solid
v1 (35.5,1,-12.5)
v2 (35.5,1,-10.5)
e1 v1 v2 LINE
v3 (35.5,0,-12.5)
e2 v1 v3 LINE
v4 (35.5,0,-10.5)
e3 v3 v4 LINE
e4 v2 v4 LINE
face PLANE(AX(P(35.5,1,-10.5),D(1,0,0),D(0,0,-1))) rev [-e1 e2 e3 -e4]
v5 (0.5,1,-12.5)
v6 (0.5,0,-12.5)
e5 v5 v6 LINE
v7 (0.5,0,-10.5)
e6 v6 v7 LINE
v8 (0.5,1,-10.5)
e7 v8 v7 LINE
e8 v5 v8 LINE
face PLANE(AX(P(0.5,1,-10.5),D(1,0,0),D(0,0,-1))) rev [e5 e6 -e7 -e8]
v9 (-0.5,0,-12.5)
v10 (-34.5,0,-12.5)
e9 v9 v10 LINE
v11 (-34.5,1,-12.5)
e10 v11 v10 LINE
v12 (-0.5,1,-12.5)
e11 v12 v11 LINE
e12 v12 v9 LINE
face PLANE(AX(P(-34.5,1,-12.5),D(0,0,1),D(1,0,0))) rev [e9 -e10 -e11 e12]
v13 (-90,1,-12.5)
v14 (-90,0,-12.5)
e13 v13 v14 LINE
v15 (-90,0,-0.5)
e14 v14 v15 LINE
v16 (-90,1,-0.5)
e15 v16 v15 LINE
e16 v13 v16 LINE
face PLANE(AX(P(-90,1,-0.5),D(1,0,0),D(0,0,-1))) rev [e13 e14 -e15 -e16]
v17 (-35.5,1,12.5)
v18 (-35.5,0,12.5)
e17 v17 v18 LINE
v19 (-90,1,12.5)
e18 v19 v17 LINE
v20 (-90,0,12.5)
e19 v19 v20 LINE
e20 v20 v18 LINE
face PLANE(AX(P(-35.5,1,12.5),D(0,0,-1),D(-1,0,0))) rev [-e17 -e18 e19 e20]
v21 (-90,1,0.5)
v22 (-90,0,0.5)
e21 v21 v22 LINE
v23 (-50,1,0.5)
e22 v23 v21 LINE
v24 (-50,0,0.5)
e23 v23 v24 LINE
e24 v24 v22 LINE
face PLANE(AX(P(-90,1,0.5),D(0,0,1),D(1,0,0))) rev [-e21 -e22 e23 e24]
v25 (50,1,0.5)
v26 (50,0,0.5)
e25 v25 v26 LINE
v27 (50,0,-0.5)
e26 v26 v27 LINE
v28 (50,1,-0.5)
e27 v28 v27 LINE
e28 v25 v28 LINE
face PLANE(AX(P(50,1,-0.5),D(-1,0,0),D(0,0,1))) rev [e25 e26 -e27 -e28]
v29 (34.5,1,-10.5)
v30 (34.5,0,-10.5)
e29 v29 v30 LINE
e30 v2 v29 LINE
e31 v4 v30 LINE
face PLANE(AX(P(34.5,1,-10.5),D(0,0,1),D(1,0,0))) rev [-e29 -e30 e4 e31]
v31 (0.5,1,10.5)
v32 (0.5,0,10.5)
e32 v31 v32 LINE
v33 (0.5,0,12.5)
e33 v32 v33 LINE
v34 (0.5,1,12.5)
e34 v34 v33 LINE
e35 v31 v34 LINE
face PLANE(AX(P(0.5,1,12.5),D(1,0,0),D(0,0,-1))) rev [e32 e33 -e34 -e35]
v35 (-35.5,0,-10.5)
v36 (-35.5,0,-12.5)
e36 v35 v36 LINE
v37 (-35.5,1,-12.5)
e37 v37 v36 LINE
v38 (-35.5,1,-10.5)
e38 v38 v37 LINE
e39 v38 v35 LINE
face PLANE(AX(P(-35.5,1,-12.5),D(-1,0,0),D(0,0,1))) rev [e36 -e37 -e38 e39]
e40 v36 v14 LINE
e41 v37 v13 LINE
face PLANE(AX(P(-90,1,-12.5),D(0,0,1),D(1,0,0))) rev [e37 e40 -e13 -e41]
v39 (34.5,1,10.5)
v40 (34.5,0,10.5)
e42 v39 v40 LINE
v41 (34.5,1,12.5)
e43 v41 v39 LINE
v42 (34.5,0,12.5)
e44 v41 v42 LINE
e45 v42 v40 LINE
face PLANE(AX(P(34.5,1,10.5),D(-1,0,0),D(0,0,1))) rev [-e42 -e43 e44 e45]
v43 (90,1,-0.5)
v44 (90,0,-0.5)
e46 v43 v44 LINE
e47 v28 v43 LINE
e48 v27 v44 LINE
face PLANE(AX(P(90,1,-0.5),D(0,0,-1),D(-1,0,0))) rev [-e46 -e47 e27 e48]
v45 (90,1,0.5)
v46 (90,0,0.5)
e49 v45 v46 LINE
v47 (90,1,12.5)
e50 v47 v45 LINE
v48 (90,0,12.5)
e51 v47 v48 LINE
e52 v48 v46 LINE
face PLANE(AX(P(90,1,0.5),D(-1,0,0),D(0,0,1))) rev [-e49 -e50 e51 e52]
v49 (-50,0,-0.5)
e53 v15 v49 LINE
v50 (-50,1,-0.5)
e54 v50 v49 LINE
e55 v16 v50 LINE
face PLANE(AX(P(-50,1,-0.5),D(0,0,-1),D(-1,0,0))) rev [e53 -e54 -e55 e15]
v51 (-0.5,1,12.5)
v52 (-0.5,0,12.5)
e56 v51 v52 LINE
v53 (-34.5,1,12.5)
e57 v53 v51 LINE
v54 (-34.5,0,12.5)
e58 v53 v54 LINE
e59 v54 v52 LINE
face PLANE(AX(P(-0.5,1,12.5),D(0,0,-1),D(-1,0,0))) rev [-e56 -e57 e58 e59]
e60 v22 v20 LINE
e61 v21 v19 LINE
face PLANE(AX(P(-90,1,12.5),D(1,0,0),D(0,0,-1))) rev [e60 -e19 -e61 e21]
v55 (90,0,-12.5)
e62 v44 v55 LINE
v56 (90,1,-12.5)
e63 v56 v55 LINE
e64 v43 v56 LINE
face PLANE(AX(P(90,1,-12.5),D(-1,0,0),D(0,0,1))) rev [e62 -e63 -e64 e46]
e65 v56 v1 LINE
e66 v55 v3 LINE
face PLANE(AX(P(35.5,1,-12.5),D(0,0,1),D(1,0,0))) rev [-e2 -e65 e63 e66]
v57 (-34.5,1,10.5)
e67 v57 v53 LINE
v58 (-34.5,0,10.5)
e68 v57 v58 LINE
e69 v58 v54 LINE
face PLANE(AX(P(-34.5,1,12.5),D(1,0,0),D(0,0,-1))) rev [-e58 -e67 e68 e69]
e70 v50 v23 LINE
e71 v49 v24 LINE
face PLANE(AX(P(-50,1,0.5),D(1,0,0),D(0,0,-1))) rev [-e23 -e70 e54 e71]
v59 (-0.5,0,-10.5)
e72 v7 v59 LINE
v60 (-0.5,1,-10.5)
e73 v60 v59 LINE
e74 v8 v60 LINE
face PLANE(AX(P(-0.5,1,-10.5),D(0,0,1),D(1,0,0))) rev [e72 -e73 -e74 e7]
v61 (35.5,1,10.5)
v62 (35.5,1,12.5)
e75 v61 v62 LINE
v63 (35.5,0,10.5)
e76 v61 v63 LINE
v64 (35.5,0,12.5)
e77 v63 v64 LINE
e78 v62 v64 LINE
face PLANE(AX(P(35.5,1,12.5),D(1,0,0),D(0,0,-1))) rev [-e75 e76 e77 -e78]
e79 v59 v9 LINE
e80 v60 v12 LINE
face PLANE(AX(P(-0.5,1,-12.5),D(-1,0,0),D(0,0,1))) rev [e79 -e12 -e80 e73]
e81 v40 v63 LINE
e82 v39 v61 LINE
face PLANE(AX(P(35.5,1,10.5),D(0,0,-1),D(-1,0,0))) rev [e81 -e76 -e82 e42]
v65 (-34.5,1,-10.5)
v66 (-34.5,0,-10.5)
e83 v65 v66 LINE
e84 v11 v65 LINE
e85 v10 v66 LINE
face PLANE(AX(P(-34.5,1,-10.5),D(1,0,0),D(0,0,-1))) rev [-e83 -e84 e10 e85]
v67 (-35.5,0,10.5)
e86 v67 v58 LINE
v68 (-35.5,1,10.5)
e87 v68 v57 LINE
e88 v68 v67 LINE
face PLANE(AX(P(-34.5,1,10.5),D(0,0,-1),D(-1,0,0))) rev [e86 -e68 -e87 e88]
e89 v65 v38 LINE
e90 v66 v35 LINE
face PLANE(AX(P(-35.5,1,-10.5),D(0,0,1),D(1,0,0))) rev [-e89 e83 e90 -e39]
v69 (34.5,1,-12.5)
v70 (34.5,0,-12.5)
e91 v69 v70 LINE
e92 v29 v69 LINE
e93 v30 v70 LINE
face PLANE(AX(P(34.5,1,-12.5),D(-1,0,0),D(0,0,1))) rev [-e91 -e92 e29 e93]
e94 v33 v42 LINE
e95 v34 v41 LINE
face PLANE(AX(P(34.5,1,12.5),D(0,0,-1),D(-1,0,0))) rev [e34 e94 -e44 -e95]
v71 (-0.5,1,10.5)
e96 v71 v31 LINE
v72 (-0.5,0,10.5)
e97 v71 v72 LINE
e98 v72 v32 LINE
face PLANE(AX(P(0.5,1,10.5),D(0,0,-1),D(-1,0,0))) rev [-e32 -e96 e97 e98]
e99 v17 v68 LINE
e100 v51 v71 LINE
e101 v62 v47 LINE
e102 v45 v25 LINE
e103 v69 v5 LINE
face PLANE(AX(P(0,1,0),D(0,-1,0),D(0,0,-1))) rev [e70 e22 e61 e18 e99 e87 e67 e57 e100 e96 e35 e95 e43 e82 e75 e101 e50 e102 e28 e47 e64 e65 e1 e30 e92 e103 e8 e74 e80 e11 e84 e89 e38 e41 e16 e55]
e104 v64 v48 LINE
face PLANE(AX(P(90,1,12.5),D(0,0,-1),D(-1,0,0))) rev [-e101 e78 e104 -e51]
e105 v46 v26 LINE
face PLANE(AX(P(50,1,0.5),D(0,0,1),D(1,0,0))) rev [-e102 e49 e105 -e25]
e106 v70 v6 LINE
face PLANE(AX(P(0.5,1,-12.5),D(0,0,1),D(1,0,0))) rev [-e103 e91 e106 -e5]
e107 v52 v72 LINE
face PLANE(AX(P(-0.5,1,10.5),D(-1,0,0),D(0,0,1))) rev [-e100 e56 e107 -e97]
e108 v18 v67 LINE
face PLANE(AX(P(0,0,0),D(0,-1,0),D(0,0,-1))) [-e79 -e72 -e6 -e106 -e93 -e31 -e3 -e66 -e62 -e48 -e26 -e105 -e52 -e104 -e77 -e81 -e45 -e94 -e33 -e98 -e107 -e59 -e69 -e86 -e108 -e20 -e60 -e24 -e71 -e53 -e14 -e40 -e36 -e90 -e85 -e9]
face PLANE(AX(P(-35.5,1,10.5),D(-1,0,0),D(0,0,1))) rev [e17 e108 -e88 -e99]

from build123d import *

# Parameters (mm, degrees)
BOSS_EXTRUDE1_DEPTH = 1


with BuildPart() as part:
    # Sketch1 → Boss-Extrude1 (new body)
    with BuildSketch(Plane(origin=(0, 0, 0), x_dir=(1, 0, 0), z_dir=(0, 1, 0))):
        Polygon((-0.5, 12.5), (-0.5, 10.5), (0.5, 10.5), (0.5, 12.5), (34.5, 12.5), (34.5, 10.5), (35.5, 10.5), (35.5, 12.5), (90, 12.5), (90, 0.5), (50, 0.5), (50, -0.5), (90, -0.5), (90, -12.5), (35.5, -12.5), (35.5, -10.5), (34.5, -10.5), (34.5, -12.5), (0.5, -12.5), (0.5, -10.5), (-0.5, -10.5), (-0.5, -12.5), (-34.5, -12.5), (-34.5, -10.5), (-35.5, -10.5), (-35.5, -12.5), (-90, -12.5), (-90, -0.5), (-50, -0.5), (-50, 0.5), (-90, 0.5), (-90, 12.5), (-35.5, 12.5), (-35.5, 10.5), (-34.5, 10.5), (-34.5, 12.5), align=None)
    extrude(amount=BOSS_EXTRUDE1_DEPTH)


solid = part.part
